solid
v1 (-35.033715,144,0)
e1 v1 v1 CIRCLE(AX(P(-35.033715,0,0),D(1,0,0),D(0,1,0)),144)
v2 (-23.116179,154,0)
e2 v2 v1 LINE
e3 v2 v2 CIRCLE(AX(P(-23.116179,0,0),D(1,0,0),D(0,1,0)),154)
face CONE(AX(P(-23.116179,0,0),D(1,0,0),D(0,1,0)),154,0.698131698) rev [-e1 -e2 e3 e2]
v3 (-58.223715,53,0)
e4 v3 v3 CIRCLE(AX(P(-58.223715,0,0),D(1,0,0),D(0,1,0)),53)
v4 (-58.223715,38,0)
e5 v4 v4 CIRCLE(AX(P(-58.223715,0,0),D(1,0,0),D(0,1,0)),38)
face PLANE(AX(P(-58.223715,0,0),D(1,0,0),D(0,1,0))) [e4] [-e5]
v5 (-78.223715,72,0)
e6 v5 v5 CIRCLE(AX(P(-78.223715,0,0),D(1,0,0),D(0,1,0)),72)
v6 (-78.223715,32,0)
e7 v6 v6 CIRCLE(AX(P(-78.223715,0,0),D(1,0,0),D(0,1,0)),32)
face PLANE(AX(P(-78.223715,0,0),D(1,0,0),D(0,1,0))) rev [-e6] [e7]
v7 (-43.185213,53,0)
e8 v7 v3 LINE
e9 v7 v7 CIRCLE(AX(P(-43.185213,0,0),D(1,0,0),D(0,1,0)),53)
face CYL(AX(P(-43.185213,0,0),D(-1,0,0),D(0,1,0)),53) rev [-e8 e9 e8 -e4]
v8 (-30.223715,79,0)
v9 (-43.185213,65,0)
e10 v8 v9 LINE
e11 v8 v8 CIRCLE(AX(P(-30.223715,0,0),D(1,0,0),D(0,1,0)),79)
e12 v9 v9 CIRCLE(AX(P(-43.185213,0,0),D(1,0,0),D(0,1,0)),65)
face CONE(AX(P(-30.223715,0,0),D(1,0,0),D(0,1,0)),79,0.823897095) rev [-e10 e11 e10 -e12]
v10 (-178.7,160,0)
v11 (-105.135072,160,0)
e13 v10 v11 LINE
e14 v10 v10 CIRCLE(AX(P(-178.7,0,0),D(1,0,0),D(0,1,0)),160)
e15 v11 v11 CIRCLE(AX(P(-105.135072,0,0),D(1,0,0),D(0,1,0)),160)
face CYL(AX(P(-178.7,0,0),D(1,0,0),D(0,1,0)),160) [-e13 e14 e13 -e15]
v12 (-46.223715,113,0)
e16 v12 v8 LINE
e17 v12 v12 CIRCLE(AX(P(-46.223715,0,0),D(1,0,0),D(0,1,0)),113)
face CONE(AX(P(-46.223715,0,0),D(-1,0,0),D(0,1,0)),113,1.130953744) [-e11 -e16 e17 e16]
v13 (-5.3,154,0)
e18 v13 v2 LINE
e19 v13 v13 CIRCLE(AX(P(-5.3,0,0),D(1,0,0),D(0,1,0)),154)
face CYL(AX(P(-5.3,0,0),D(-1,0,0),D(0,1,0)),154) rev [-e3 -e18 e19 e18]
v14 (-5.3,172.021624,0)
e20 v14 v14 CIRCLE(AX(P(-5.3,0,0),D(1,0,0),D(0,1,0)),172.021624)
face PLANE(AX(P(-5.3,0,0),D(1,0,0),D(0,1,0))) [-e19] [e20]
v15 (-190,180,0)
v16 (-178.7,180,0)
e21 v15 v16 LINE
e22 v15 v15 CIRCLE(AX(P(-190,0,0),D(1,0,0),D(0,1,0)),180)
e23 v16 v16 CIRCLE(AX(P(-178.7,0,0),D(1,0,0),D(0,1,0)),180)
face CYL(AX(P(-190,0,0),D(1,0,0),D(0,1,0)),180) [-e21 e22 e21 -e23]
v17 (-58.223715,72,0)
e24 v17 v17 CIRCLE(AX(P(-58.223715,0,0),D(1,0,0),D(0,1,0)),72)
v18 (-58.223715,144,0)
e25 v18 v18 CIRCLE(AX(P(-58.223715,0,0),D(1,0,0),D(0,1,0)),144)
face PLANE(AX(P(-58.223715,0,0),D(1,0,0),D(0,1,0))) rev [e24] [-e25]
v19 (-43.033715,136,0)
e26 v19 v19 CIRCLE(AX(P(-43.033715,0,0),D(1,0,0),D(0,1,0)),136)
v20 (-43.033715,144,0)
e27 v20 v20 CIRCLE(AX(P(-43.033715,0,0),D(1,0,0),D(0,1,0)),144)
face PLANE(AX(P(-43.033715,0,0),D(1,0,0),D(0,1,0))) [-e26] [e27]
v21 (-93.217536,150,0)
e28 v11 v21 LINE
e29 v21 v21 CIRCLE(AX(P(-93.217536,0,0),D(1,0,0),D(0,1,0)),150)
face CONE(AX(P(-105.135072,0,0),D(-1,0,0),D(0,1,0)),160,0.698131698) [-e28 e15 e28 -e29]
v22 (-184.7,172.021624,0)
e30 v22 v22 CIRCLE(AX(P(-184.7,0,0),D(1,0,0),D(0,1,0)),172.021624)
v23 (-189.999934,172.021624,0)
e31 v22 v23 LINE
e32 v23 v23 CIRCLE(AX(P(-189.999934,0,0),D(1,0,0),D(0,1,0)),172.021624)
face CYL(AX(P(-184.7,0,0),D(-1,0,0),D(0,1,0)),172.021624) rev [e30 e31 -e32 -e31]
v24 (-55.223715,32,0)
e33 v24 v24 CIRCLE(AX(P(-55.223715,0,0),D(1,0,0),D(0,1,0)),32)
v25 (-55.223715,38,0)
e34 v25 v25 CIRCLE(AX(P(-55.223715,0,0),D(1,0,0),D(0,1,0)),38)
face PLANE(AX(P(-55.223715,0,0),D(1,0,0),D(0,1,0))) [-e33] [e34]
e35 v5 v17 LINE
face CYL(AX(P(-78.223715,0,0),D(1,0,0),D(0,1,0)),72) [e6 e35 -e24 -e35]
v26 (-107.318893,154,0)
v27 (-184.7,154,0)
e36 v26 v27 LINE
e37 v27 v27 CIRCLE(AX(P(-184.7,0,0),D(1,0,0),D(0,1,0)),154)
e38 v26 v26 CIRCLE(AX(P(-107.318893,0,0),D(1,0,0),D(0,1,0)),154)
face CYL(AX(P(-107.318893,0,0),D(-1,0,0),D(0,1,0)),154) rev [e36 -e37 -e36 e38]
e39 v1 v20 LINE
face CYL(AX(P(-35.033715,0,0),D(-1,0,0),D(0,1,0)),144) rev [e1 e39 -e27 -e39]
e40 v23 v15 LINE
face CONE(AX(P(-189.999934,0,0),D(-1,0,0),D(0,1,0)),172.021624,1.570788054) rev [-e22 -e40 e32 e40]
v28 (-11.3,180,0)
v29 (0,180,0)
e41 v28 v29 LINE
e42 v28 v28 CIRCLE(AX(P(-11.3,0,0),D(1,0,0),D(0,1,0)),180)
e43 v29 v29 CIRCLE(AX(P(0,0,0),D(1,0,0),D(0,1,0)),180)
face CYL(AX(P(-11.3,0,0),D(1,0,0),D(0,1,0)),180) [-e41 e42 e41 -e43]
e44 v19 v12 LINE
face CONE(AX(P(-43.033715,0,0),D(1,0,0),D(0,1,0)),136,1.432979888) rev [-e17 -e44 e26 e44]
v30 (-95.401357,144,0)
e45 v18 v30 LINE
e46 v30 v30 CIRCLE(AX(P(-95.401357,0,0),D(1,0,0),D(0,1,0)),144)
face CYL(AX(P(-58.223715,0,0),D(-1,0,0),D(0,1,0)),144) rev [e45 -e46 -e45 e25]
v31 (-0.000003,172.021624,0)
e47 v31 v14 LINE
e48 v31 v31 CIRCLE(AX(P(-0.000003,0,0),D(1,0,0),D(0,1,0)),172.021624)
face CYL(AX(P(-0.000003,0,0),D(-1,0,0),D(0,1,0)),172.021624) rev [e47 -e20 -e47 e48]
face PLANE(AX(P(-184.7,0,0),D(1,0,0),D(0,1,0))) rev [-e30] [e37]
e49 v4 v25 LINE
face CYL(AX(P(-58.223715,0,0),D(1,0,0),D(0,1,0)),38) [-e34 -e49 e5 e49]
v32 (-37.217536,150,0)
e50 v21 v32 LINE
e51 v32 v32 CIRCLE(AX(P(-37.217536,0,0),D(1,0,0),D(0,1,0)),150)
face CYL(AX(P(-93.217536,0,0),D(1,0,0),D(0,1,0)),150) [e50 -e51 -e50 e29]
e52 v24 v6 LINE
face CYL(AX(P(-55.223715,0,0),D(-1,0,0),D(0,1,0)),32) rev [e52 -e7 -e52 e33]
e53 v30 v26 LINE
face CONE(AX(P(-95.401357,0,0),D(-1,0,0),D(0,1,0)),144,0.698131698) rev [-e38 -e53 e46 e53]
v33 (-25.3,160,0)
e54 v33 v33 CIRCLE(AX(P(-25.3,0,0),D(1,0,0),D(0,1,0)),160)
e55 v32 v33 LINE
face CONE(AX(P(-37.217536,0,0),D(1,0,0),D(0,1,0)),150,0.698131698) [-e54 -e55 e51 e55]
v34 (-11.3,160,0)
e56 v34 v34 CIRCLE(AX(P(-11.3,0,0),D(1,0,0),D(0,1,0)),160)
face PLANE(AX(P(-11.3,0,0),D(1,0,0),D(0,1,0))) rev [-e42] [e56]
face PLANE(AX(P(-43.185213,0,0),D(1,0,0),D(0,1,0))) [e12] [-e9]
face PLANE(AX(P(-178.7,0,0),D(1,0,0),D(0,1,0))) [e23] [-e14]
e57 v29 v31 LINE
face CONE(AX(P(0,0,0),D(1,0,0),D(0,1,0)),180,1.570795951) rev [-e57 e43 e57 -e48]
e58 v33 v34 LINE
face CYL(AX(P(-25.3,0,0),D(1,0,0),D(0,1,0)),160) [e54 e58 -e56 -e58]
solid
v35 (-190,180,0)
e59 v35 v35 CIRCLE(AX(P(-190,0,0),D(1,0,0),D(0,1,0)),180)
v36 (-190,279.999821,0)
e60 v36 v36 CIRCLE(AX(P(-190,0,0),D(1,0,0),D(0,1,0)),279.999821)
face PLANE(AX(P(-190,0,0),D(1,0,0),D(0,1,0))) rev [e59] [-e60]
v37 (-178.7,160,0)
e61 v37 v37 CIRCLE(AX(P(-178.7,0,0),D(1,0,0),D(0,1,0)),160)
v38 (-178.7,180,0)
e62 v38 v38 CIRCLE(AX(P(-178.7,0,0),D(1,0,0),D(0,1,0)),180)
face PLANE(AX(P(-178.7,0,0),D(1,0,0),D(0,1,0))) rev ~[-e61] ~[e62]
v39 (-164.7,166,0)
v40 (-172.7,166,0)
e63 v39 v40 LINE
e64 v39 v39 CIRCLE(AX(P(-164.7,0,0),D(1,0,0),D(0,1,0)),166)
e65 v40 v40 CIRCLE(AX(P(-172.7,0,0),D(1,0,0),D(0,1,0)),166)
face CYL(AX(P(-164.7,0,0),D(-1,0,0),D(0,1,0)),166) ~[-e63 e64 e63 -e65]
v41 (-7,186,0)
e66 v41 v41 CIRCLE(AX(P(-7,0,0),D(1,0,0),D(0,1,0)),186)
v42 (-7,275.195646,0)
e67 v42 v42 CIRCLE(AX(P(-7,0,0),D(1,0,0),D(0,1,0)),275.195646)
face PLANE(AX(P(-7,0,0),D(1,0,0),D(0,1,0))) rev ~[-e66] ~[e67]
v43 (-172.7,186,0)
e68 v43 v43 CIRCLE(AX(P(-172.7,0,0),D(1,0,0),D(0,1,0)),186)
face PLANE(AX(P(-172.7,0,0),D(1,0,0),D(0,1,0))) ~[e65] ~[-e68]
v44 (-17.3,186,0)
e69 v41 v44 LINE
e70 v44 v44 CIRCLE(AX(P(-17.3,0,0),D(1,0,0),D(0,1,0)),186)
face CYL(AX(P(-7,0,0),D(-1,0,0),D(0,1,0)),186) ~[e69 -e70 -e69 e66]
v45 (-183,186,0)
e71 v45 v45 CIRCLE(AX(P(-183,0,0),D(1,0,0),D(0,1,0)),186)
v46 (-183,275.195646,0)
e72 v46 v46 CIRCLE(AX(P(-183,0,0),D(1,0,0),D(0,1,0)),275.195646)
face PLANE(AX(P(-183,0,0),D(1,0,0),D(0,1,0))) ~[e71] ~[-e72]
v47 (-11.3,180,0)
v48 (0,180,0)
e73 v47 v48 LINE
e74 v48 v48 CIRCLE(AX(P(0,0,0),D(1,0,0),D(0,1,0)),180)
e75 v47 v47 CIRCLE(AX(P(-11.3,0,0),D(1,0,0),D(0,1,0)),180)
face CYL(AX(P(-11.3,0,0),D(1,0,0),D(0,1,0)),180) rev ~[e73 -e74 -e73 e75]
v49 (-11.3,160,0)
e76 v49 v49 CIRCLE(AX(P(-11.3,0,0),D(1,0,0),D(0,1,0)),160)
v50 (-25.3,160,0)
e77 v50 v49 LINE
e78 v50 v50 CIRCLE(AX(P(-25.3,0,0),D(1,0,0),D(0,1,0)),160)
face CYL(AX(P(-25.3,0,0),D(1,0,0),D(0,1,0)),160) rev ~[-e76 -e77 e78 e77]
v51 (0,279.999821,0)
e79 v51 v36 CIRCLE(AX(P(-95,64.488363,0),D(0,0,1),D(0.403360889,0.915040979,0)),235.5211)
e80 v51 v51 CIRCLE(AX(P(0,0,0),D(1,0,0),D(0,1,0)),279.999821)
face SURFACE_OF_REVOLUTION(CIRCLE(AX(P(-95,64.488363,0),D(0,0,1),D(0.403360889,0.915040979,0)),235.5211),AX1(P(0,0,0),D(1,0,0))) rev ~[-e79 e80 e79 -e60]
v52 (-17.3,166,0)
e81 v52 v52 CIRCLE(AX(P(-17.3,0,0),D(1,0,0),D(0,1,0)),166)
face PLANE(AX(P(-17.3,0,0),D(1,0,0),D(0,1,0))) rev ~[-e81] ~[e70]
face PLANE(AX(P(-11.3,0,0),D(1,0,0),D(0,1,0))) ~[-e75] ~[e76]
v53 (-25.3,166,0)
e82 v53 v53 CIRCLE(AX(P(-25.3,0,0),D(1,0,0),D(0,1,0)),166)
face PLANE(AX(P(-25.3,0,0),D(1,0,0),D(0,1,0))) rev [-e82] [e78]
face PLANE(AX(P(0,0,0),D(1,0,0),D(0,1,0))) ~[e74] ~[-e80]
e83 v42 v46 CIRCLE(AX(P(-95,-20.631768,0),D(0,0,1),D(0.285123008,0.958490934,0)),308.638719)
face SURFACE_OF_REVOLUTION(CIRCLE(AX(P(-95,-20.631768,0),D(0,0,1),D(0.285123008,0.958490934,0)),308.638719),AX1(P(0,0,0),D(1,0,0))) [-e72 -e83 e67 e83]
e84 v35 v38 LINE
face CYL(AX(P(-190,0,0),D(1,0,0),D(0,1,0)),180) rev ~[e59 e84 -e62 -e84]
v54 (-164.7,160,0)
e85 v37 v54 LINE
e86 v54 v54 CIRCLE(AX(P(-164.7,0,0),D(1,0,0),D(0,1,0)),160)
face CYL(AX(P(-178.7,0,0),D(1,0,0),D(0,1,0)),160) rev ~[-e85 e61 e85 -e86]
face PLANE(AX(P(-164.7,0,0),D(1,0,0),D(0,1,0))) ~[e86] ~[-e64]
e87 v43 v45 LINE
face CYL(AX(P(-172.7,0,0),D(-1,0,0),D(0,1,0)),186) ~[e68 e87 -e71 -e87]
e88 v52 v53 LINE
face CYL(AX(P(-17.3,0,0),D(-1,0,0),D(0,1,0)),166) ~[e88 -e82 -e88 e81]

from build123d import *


with BuildPart() as wheel:
    # Sketch002 → Revolution001 (revolve)
    with BuildSketch(Plane.XY):
        Polygon((-190, 180), (-178.7, 180), (-178.7, 160), (-105.135072, 160), (-93.217536, 150), (-37.217536, 150), (-25.3, 160), (-11.3, 160), (-11.3, 180), (0, 180), (-3e-06, 172.021624), (-5.3, 172.021624), (-5.3, 154), (-23.116179, 154), (-35.033715, 144), (-43.033715, 144), (-43.033715, 136), (-46.223715, 113), (-30.223715, 79), (-43.185213, 65), (-43.185213, 53), (-58.223715, 53), (-58.223715, 38), (-55.223715, 38), (-55.223715, 32), (-78.223715, 32), (-78.223715, 72), (-58.223715, 72), (-58.223715, 144), (-95.401357, 144), (-107.318893, 154), (-184.7, 154), (-184.7, 172.021624), (-189.999934, 172.021624), align=None)
    revolve(axis=Axis((0, 0, 0), (1, 0, 0)))


with BuildPart() as tire:
    # Sketch003 → Revolution (revolve)
    with BuildSketch(Plane.XY):
        with BuildLine():
            Line((-190, 180), (-178.7, 180))
            Line((-178.7, 180), (-178.7, 160))
            Line((-178.7, 160), (-164.7, 160))
            Line((-164.7, 160), (-164.7, 166))
            Line((-164.7, 166), (-172.7, 166))
            Line((-172.7, 166), (-172.7, 186))
            Line((-172.7, 186), (-183, 186))
            Line((-183, 186), (-183, 275.195646))
            ThreePointArc((-7, 275.195646), (-95, 288.006951), (-183, 275.195646))
            Line((-7, 275.195646), (-7, 186))
            Line((-7, 186), (-17.3, 186))
            Line((-17.3, 186), (-17.3, 166))
            Line((-17.3, 166), (-25.3, 166))
            Line((-25.3, 160), (-25.3, 166))
            Line((-25.3, 160), (-11.3, 160))
            Line((-11.3, 160), (-11.3, 180))
            Line((-11.3, 180), (0, 180))
            Line((0, 180), (0, 279.999821))
            ThreePointArc((0, 279.999821), (-95, 300.009463), (-190, 279.999821))
            Line((-190, 180), (-190, 279.999821))
        make_face()
    revolve(axis=Axis((0, 0, 0), (1, 0, 0)))


solid = Compound([wheel.part, tire.part])
